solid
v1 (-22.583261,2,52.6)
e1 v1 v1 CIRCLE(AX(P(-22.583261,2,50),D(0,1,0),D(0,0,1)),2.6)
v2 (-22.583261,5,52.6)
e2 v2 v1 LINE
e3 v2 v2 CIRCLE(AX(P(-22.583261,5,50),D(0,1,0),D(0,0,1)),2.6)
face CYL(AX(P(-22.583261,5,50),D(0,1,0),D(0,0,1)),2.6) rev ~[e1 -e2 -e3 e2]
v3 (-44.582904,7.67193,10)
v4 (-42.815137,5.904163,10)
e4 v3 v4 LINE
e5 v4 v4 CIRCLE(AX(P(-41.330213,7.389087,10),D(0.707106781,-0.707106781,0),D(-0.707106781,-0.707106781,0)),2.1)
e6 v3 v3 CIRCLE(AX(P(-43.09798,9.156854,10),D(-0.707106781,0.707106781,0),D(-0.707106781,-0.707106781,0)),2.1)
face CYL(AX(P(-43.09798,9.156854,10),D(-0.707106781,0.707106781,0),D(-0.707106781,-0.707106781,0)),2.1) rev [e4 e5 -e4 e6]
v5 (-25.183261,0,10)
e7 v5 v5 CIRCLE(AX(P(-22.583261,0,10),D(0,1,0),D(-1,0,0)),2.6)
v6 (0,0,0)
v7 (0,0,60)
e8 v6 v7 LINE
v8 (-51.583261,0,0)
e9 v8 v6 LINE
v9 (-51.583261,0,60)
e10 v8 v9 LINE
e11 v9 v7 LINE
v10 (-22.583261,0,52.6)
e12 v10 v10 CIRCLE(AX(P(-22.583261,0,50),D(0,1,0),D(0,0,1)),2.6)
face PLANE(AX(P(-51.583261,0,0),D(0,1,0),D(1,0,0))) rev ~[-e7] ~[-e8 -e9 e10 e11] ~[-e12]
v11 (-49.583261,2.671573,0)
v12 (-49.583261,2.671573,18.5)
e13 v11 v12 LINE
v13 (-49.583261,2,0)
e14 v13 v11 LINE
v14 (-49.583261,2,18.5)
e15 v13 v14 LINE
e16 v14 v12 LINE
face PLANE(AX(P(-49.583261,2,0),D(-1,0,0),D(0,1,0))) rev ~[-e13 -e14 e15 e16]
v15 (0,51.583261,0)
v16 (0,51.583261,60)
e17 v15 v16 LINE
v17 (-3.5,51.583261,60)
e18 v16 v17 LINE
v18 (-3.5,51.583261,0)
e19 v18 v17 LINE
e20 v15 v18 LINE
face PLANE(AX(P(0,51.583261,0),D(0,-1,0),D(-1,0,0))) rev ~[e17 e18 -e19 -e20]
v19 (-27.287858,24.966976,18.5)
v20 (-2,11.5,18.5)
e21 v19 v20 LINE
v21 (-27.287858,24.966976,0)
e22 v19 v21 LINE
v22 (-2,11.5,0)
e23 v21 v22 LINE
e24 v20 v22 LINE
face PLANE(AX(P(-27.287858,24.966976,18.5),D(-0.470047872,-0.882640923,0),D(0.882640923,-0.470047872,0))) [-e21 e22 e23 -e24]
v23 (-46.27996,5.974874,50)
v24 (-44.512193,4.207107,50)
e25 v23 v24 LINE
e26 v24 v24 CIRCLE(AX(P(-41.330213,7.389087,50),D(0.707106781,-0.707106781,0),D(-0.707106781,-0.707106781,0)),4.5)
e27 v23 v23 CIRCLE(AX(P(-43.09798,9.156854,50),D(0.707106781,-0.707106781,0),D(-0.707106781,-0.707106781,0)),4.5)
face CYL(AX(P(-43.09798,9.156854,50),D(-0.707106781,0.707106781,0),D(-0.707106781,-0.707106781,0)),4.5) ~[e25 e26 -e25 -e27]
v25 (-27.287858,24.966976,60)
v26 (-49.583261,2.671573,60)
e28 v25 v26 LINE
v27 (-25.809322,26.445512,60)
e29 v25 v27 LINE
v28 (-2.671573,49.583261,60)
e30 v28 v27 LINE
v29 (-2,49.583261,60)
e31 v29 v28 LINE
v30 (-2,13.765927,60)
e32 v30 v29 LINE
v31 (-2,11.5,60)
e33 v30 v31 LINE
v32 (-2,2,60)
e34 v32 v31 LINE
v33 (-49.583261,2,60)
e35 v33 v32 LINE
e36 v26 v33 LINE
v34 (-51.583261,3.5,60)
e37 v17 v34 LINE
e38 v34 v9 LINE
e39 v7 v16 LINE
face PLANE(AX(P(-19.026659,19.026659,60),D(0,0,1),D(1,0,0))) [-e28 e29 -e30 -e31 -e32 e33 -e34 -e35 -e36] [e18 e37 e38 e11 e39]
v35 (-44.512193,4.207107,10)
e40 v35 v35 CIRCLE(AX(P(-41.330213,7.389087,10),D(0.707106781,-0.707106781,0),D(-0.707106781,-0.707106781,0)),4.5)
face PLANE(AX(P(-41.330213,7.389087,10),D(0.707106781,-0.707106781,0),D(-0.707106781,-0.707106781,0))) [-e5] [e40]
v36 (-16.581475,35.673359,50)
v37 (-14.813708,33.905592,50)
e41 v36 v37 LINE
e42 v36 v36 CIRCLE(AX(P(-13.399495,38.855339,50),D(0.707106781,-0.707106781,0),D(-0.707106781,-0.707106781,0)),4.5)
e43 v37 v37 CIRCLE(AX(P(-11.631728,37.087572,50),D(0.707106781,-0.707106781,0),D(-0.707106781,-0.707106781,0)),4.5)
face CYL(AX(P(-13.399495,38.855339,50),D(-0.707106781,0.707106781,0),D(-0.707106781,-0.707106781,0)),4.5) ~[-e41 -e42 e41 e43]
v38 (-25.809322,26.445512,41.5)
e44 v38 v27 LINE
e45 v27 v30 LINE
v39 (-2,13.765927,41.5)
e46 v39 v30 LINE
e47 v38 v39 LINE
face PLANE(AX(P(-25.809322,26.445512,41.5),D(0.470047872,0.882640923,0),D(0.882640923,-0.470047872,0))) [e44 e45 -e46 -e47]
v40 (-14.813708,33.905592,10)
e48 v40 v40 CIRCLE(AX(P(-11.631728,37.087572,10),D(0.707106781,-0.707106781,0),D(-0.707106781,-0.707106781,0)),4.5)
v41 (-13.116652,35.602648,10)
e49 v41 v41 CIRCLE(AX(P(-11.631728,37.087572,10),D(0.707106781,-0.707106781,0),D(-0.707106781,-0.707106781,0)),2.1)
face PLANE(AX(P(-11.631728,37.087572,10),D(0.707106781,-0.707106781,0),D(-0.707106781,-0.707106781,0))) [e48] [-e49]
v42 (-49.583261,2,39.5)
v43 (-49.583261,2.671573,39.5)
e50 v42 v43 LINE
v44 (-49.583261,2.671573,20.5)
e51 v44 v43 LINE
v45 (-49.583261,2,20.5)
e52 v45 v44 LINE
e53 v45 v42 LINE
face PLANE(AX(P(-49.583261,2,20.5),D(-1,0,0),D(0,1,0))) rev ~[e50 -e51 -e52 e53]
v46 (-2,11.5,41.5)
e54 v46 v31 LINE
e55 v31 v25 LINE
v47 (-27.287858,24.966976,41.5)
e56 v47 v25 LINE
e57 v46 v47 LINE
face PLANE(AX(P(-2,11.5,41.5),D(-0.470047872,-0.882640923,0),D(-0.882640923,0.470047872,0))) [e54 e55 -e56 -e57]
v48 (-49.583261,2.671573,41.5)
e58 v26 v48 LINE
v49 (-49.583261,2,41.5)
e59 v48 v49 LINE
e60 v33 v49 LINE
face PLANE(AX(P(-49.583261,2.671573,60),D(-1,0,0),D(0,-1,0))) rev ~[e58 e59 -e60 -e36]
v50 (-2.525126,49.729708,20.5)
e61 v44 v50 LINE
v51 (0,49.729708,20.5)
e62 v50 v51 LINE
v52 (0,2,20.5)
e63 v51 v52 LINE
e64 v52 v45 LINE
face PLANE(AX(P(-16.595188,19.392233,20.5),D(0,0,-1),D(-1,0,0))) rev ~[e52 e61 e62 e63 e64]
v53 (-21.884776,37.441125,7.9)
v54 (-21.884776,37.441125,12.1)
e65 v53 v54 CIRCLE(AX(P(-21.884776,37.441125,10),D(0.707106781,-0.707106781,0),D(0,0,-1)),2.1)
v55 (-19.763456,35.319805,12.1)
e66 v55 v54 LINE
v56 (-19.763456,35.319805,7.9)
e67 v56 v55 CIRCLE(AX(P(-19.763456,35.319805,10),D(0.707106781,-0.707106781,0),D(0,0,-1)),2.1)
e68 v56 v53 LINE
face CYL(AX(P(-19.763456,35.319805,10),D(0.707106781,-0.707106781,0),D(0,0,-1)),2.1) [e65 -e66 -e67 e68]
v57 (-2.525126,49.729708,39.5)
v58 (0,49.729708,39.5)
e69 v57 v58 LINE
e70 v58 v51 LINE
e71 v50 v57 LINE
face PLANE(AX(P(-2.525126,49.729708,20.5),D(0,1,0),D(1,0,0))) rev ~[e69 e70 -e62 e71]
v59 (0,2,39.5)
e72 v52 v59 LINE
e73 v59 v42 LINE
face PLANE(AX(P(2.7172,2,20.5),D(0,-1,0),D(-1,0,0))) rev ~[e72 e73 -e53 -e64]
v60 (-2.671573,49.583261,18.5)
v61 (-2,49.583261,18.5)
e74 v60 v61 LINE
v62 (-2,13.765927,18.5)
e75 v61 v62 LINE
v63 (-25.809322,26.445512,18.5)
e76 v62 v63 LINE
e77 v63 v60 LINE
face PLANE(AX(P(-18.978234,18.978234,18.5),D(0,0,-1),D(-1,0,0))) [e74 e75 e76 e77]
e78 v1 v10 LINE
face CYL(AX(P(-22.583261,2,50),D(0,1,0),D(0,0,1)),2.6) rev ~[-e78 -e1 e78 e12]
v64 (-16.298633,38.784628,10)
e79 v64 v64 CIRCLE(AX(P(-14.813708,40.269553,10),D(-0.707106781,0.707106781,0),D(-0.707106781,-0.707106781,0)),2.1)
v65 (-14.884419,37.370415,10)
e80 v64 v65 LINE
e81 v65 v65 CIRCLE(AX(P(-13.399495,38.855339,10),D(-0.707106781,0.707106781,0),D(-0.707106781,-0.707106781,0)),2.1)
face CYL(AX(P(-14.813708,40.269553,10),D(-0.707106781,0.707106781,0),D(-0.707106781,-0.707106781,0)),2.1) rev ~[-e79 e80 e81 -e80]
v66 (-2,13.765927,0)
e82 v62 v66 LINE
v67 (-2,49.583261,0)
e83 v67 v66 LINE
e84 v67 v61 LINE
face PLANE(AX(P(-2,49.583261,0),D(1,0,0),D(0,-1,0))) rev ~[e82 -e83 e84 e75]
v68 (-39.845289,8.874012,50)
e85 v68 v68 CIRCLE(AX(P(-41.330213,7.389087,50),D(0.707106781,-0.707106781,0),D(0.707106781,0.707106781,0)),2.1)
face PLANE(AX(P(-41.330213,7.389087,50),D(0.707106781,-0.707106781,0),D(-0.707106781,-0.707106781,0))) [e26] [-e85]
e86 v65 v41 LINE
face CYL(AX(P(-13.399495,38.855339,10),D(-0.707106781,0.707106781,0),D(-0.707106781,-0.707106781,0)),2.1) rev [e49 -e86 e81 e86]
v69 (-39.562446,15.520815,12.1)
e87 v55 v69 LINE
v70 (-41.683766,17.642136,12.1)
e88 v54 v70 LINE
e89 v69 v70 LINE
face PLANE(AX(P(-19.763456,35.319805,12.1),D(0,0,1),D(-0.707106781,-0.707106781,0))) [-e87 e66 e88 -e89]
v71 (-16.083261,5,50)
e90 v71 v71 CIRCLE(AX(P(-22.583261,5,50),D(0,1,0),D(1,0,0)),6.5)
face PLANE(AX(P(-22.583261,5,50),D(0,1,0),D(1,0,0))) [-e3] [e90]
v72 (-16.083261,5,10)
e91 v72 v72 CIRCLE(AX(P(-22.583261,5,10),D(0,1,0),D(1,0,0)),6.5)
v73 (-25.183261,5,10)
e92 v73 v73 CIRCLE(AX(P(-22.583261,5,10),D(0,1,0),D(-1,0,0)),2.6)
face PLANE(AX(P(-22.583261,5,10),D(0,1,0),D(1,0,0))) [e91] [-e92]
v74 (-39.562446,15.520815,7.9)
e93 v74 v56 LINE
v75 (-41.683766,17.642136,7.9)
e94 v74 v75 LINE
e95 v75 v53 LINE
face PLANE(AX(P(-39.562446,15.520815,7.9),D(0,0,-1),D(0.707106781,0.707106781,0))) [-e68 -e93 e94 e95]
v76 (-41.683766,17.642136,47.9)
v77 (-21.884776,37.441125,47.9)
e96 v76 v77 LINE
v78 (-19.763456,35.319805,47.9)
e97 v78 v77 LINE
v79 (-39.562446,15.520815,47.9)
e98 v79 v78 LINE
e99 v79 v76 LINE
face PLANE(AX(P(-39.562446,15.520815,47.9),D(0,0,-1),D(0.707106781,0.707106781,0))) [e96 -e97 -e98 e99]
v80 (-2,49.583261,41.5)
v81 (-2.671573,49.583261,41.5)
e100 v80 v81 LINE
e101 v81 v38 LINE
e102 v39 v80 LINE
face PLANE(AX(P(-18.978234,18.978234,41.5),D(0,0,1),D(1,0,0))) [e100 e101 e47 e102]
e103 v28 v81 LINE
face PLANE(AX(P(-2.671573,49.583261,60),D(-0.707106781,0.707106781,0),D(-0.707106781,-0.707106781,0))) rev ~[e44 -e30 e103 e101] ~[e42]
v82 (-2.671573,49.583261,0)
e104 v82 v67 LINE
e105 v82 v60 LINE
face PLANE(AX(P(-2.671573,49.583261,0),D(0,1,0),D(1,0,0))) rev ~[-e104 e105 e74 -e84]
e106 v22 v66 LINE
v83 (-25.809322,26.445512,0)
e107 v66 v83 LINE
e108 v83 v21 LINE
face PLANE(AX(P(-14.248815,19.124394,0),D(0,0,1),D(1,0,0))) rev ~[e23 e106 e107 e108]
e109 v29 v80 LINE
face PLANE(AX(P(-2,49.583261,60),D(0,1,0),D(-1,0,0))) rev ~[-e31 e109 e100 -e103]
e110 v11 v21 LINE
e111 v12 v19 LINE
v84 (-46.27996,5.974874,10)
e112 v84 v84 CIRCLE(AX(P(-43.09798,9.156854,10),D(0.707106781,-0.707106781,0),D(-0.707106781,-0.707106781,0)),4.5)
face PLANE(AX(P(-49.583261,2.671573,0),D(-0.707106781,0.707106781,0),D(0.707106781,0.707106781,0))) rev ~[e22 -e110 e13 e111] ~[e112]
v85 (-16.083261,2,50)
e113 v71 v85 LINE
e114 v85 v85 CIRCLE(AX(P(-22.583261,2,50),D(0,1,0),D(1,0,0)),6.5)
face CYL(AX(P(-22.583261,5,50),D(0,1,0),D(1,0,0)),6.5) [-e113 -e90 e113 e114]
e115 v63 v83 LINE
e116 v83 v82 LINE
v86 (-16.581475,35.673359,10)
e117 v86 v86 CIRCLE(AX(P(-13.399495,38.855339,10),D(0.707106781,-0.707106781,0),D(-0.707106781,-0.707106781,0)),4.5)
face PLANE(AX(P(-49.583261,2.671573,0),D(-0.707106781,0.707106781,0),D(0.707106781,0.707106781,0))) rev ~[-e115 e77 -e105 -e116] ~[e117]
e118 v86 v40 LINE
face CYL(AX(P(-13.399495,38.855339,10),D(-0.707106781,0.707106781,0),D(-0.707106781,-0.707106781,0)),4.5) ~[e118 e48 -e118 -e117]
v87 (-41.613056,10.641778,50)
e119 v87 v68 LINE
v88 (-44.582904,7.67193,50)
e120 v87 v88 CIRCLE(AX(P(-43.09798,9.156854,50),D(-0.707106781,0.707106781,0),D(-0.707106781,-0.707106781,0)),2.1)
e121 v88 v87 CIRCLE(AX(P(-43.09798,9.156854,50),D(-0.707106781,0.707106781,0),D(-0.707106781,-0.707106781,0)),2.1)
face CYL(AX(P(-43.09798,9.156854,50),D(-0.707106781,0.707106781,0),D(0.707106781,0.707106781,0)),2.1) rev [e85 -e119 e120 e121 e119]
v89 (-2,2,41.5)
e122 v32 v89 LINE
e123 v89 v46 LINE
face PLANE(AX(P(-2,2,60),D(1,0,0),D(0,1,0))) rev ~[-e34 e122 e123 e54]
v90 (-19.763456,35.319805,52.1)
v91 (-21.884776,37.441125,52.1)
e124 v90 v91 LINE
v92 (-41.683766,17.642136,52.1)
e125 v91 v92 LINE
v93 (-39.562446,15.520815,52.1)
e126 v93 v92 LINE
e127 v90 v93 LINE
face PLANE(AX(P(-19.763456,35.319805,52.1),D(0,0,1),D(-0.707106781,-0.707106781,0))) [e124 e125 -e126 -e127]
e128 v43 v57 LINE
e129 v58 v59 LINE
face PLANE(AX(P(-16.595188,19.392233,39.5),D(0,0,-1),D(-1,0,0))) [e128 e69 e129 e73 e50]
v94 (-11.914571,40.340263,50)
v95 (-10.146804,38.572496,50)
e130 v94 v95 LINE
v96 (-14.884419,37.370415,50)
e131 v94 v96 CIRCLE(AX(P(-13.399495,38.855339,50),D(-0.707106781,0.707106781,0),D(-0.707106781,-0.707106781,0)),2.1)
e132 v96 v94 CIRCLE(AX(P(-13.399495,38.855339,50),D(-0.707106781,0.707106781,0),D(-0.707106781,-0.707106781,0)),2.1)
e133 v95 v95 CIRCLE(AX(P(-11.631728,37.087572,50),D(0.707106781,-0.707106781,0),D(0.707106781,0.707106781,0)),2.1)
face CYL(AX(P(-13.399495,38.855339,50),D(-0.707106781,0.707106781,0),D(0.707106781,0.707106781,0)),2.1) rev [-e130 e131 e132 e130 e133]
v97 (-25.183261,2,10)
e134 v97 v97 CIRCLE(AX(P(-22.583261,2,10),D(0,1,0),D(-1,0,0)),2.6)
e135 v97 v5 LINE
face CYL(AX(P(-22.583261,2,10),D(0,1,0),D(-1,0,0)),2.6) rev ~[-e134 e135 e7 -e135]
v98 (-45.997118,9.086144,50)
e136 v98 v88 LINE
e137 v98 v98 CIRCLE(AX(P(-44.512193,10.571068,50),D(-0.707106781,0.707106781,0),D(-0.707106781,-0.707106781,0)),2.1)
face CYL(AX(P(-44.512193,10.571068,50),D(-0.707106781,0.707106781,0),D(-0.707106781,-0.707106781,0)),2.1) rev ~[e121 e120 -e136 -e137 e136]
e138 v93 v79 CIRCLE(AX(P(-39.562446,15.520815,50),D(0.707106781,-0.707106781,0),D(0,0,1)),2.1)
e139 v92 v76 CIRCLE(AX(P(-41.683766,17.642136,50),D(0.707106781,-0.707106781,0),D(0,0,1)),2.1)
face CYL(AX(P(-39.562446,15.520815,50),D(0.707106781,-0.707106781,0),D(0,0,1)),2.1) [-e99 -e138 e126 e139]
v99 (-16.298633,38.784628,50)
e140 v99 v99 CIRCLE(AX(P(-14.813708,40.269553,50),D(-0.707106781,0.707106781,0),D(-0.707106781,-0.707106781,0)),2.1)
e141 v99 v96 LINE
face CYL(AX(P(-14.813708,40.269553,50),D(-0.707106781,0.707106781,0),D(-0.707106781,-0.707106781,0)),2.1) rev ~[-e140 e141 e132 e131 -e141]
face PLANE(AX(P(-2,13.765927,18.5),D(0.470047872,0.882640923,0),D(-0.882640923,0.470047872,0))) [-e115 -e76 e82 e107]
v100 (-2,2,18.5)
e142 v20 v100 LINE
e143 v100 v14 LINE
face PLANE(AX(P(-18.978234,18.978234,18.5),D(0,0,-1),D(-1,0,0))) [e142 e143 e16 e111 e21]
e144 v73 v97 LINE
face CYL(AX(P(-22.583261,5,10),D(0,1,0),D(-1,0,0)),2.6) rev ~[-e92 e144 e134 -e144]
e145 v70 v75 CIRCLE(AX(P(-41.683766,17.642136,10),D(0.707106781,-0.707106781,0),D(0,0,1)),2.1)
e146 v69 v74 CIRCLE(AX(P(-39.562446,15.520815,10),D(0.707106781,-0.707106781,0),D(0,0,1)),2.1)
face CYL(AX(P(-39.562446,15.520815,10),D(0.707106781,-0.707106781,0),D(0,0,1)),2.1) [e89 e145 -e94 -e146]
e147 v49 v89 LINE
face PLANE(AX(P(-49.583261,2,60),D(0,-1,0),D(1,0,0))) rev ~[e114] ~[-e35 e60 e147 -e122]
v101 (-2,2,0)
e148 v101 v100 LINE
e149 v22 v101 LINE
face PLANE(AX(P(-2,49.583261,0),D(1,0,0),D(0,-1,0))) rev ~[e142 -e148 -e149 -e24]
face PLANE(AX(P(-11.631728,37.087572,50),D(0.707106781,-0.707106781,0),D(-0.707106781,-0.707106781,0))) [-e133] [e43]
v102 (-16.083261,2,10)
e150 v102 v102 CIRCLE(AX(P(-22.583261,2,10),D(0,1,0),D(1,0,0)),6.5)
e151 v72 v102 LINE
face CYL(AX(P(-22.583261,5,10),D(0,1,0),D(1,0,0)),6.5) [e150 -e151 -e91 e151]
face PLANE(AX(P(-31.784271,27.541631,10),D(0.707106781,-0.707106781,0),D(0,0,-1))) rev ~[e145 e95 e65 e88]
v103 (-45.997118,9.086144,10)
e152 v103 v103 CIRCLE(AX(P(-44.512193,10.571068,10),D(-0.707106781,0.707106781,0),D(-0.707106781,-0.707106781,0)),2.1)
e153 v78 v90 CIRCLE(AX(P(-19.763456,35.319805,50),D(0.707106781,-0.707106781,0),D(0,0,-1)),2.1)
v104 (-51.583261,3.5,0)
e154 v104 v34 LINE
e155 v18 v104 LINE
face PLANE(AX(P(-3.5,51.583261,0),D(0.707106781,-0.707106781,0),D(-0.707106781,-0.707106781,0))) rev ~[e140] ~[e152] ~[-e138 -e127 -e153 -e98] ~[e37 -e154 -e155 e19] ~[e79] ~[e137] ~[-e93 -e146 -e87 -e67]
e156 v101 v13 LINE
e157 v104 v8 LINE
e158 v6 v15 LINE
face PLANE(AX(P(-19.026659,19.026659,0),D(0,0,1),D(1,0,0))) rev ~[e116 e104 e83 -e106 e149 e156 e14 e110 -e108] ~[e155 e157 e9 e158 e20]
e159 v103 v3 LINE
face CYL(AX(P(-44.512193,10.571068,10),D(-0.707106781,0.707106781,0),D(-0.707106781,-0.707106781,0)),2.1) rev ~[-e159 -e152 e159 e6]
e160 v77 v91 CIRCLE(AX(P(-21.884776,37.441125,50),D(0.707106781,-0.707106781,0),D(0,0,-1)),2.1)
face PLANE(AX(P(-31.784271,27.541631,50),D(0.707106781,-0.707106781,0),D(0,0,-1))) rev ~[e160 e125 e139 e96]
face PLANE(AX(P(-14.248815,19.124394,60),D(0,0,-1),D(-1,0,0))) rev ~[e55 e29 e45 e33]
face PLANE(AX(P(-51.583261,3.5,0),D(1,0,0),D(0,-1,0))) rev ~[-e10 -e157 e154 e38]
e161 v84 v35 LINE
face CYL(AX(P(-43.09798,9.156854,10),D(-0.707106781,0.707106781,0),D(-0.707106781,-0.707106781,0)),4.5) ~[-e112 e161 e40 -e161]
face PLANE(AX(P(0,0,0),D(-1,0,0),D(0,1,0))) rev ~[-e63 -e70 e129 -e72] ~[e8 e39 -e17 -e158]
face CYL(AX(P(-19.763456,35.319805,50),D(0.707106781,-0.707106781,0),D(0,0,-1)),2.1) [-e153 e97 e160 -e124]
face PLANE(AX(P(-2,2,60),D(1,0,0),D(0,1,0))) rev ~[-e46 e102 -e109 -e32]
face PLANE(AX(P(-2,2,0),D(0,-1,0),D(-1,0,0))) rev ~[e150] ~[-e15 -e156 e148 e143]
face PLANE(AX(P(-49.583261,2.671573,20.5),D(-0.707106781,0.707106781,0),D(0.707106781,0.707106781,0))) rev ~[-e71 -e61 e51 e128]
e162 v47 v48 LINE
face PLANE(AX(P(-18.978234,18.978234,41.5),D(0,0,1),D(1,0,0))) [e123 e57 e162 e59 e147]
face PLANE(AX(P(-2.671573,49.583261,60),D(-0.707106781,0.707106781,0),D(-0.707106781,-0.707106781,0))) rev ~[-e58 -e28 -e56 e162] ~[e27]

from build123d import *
from build123d.topology import SkipClean

# Parameters (mm, degrees)
EXTRUDE_1_DEPTH     = 60
CUT_EXTRUDE_1_DEPTH = 18.5
CUT_EXTRUDE_2_DEPTH = 18.5
SKETCH_5_R          = 2.1
CUT_EXTRUDE_3_DEPTH = 3
CUT_EXTRUDE_START   = -2
CUT_EXTRUDE_4_DEPTH = 19
SKETCH_9_R          = 4.5
SKETCH_9_R_2        = 2.1
EXTRUDE_2_DEPTH     = 2.5
SKETCH_11_R         = 2.6
CUT_EXTRUDE_5_DEPTH = 3
EXTRUDE_START       = 3
SKETCH_12_R         = 6.5
SKETCH_12_R_2       = 2.6
EXTRUDE_3_DEPTH     = 3
EXTRUDE_4_DEPTH     = 18.5
EXTRUDE_8_DEPTH     = 18.5
EXTRUDE_9_DEPTH     = 3


with BuildPart() as part:
    # 草图1 → 凸台-拉伸1 (new body)
    with BuildSketch(Plane.XY):
        Polygon((0, 0), (0, 51.583261121), (-3.5, 51.583261121), (-51.583261121, 3.5), (-51.583261121, 0), align=None)
    extrude(amount=EXTRUDE_1_DEPTH)

    # 草图3 → 切除-拉伸1 (cut)
    with BuildSketch(Plane.XY.offset(60)):
        Polygon((-49.583261121, 2), (-2, 2), (-2, 49.583261121), (-2.671572875, 49.583261121), (-49.583261121, 2.671572875), align=None)
    extrude(amount=-CUT_EXTRUDE_1_DEPTH, mode=Mode.SUBTRACT)

    # 草图4 → 切除-拉伸2 (cut)
    with BuildSketch(Plane(origin=(0, 0, 0), x_dir=(-1, 0, 0), z_dir=(0, 0, -1))):
        Polygon((2, 2), (49.583261121, 2), (49.583261121, 2.671572875), (2.671572875, 49.583261121), (2, 49.583261121), align=None)
    extrude(amount=-CUT_EXTRUDE_2_DEPTH, mode=Mode.SUBTRACT)

    # 草图5 → 切除-拉伸3 (cut)
    with BuildSketch(Plane(origin=(-27.54163056, 27.54163056, 0), x_dir=(0, 0, 1), z_dir=(-0.7071067811865398, 0.7071067811865552, 0))):
        with Locations(Location((10, 18, 0), (0, 0, 270))):
            Circle(SKETCH_5_R)
        with Locations(Location((10, -24, 0), (0, 0, 270))):
            Circle(SKETCH_5_R)
        with Locations(Location((50, -24, 0), (0, 0, 270))):
            Circle(SKETCH_5_R)
        with Locations(Location((50, 18, 0), (0, 0, 270))):
            Circle(SKETCH_5_R)
    extrude(amount=-CUT_EXTRUDE_3_DEPTH, mode=Mode.SUBTRACT)

    # 草图6 → 切除-拉伸4 (cut)
    with BuildSketch(Plane(origin=(0, 0, 18.5), x_dir=(-1, 0, 0), z_dir=(0, 0, -1)).offset(CUT_EXTRUDE_START)):
        Polygon((49.583261121, 2), (49.583261121, 2.671572875), (2.525126266, 49.72970773), (-2.717199738, 49.72970773), (-2.717199738, 2), align=None)
    extrude(amount=-CUT_EXTRUDE_4_DEPTH, mode=Mode.SUBTRACT)

    # 草图9 → 凸台-拉伸2 (add)
    # profile 1 of 4: a face of its own
    with SkipClean():  # the faces are left unmerged after this step: merging them gives an invalid solid
        with BuildSketch(Plane(origin=(-26.127416998, 26.127416998, 0), x_dir=(0, 0, -1), z_dir=(0.7071067811865432, -0.7071067811865519, 0))):
            with Locations(Location((-10, 18, 0), (0, 0, 270))):
                Circle(SKETCH_9_R)
            with Locations(Location((-10, 18, 0), (0, 0, 270))):
                Circle(SKETCH_9_R_2, mode=Mode.SUBTRACT)
        # profile 2 of 4: a face of its own
        with BuildSketch(Plane(origin=(-26.127416998, 26.127416998, 0), x_dir=(0, 0, -1), z_dir=(0.7071067811865432, -0.7071067811865519, 0))):
            with Locations(Location((-10, -24, 0), (0, 0, 270))):
                Circle(SKETCH_9_R)
            with Locations(Location((-10, -24, 0), (0, 0, 270))):
                Circle(SKETCH_9_R_2, mode=Mode.SUBTRACT)
        # profile 3 of 4: a face of its own
        with BuildSketch(Plane(origin=(-26.127416998, 26.127416998, 0), x_dir=(0, 0, -1), z_dir=(0.7071067811865432, -0.7071067811865519, 0))):
            with Locations(Location((-50, 18, 0), (0, 0, 270))):
                Circle(SKETCH_9_R)
            with Locations(Location((-50, 18, 0), (0, 0, 90))):
                Circle(SKETCH_9_R_2, mode=Mode.SUBTRACT)
        # profile 4 of 4: a face of its own
        with BuildSketch(Plane(origin=(-26.127416998, 26.127416998, 0), x_dir=(0, 0, -1), z_dir=(0.7071067811865432, -0.7071067811865519, 0))):
            with Locations(Location((-50, -24, 0), (0, 0, 270))):
                Circle(SKETCH_9_R)
            with Locations(Location((-50, -24, 0), (0, 0, 90))):
                Circle(SKETCH_9_R_2, mode=Mode.SUBTRACT)
        extrude(amount=EXTRUDE_2_DEPTH)

    # 草图11 → 切除-拉伸5 (cut)
    with SkipClean():  # the faces are left unmerged after this step: merging them gives an invalid solid
        with BuildSketch(Plane(origin=(0, 2, 0), x_dir=(1, 0, 0), z_dir=(0, 1, 0))):
            with Locations(Location((-22.583261121, -10, 0), (0, 0, 180))):
                Circle(SKETCH_11_R)
            with Locations(Location((-22.583261121, -50, 0), (0, 0, 270))):
                Circle(SKETCH_11_R)
        extrude(amount=-CUT_EXTRUDE_5_DEPTH, mode=Mode.SUBTRACT)

    # 草图12 → 凸台-拉伸3 (add)
    # profile 1 of 2: a face of its own
    with SkipClean():  # the faces are left unmerged after this step: merging them gives an invalid solid
        with BuildSketch(Plane(origin=(0, 2, 0), x_dir=(1, 0, 0), z_dir=(0, 1, 0)).offset(EXTRUDE_START)):
            with Locations((-22.583261121, -10)):
                Circle(SKETCH_12_R)
            with Locations(Location((-22.583261121, -10, 0), (0, 0, 180))):
                Circle(SKETCH_12_R_2, mode=Mode.SUBTRACT)
        # profile 2 of 2: a face of its own
        with BuildSketch(Plane(origin=(0, 2, 0), x_dir=(1, 0, 0), z_dir=(0, 1, 0)).offset(EXTRUDE_START)):
            with Locations((-22.583261121, -50)):
                Circle(SKETCH_12_R)
            with Locations(Location((-22.583261121, -50, 0), (0, 0, 270))):
                Circle(SKETCH_12_R_2, mode=Mode.SUBTRACT)
        extrude(amount=-EXTRUDE_3_DEPTH)

    # 草图13 → 凸台-拉伸4 (add)
    with SkipClean():  # the faces are left unmerged after this step: merging them gives an invalid solid
        with BuildSketch(Plane.XY.offset(41.5)):
            Polygon((-2, 11.5), (-27.287858206, 24.966975789), (-25.809321526, 26.44551247), (-2, 13.765927116), align=None)
        extrude(amount=EXTRUDE_4_DEPTH)

    # 草图14 → 凸台-拉伸8 (add)
    with SkipClean():  # the faces are left unmerged after this step: merging them gives an invalid solid
        with BuildSketch(Plane(origin=(0, 0, 18.5), x_dir=(-1, 0, 0), z_dir=(0, 0, -1))):
            Polygon((2, 11.5), (2, 13.765927116), (25.809321526, 26.44551247), (27.287858206, 24.966975789), align=None)
        extrude(amount=EXTRUDE_8_DEPTH)

    # 草图18 → 凸台-拉伸9 (add)
    with SkipClean():  # the faces are left unmerged after this step: merging them gives an invalid solid
        with BuildSketch(Plane(origin=(-27.54163056, 27.54163056, 0), x_dir=(0, 0, 1), z_dir=(-0.70710678118654, 0.7071067811865551, 0))):
            with BuildLine():
                Line((12.1, 11), (12.1, -17))
                ThreePointArc((12.1, -17), (10, -19.1), (7.9, -17))
                Line((7.9, -17), (7.9, 11))
                ThreePointArc((7.9, 11), (10, 13.1), (12.1, 11))
            make_face()
            with BuildLine():
                Line((52.1, 11), (52.1, -17))
                ThreePointArc((52.1, -17), (50, -19.1), (47.9, -17))
                Line((47.9, -17), (47.9, 11))
                ThreePointArc((47.9, 11), (50, 13.1), (52.1, 11))
            make_face()
        extrude(amount=EXTRUDE_9_DEPTH)


solid = part.part
